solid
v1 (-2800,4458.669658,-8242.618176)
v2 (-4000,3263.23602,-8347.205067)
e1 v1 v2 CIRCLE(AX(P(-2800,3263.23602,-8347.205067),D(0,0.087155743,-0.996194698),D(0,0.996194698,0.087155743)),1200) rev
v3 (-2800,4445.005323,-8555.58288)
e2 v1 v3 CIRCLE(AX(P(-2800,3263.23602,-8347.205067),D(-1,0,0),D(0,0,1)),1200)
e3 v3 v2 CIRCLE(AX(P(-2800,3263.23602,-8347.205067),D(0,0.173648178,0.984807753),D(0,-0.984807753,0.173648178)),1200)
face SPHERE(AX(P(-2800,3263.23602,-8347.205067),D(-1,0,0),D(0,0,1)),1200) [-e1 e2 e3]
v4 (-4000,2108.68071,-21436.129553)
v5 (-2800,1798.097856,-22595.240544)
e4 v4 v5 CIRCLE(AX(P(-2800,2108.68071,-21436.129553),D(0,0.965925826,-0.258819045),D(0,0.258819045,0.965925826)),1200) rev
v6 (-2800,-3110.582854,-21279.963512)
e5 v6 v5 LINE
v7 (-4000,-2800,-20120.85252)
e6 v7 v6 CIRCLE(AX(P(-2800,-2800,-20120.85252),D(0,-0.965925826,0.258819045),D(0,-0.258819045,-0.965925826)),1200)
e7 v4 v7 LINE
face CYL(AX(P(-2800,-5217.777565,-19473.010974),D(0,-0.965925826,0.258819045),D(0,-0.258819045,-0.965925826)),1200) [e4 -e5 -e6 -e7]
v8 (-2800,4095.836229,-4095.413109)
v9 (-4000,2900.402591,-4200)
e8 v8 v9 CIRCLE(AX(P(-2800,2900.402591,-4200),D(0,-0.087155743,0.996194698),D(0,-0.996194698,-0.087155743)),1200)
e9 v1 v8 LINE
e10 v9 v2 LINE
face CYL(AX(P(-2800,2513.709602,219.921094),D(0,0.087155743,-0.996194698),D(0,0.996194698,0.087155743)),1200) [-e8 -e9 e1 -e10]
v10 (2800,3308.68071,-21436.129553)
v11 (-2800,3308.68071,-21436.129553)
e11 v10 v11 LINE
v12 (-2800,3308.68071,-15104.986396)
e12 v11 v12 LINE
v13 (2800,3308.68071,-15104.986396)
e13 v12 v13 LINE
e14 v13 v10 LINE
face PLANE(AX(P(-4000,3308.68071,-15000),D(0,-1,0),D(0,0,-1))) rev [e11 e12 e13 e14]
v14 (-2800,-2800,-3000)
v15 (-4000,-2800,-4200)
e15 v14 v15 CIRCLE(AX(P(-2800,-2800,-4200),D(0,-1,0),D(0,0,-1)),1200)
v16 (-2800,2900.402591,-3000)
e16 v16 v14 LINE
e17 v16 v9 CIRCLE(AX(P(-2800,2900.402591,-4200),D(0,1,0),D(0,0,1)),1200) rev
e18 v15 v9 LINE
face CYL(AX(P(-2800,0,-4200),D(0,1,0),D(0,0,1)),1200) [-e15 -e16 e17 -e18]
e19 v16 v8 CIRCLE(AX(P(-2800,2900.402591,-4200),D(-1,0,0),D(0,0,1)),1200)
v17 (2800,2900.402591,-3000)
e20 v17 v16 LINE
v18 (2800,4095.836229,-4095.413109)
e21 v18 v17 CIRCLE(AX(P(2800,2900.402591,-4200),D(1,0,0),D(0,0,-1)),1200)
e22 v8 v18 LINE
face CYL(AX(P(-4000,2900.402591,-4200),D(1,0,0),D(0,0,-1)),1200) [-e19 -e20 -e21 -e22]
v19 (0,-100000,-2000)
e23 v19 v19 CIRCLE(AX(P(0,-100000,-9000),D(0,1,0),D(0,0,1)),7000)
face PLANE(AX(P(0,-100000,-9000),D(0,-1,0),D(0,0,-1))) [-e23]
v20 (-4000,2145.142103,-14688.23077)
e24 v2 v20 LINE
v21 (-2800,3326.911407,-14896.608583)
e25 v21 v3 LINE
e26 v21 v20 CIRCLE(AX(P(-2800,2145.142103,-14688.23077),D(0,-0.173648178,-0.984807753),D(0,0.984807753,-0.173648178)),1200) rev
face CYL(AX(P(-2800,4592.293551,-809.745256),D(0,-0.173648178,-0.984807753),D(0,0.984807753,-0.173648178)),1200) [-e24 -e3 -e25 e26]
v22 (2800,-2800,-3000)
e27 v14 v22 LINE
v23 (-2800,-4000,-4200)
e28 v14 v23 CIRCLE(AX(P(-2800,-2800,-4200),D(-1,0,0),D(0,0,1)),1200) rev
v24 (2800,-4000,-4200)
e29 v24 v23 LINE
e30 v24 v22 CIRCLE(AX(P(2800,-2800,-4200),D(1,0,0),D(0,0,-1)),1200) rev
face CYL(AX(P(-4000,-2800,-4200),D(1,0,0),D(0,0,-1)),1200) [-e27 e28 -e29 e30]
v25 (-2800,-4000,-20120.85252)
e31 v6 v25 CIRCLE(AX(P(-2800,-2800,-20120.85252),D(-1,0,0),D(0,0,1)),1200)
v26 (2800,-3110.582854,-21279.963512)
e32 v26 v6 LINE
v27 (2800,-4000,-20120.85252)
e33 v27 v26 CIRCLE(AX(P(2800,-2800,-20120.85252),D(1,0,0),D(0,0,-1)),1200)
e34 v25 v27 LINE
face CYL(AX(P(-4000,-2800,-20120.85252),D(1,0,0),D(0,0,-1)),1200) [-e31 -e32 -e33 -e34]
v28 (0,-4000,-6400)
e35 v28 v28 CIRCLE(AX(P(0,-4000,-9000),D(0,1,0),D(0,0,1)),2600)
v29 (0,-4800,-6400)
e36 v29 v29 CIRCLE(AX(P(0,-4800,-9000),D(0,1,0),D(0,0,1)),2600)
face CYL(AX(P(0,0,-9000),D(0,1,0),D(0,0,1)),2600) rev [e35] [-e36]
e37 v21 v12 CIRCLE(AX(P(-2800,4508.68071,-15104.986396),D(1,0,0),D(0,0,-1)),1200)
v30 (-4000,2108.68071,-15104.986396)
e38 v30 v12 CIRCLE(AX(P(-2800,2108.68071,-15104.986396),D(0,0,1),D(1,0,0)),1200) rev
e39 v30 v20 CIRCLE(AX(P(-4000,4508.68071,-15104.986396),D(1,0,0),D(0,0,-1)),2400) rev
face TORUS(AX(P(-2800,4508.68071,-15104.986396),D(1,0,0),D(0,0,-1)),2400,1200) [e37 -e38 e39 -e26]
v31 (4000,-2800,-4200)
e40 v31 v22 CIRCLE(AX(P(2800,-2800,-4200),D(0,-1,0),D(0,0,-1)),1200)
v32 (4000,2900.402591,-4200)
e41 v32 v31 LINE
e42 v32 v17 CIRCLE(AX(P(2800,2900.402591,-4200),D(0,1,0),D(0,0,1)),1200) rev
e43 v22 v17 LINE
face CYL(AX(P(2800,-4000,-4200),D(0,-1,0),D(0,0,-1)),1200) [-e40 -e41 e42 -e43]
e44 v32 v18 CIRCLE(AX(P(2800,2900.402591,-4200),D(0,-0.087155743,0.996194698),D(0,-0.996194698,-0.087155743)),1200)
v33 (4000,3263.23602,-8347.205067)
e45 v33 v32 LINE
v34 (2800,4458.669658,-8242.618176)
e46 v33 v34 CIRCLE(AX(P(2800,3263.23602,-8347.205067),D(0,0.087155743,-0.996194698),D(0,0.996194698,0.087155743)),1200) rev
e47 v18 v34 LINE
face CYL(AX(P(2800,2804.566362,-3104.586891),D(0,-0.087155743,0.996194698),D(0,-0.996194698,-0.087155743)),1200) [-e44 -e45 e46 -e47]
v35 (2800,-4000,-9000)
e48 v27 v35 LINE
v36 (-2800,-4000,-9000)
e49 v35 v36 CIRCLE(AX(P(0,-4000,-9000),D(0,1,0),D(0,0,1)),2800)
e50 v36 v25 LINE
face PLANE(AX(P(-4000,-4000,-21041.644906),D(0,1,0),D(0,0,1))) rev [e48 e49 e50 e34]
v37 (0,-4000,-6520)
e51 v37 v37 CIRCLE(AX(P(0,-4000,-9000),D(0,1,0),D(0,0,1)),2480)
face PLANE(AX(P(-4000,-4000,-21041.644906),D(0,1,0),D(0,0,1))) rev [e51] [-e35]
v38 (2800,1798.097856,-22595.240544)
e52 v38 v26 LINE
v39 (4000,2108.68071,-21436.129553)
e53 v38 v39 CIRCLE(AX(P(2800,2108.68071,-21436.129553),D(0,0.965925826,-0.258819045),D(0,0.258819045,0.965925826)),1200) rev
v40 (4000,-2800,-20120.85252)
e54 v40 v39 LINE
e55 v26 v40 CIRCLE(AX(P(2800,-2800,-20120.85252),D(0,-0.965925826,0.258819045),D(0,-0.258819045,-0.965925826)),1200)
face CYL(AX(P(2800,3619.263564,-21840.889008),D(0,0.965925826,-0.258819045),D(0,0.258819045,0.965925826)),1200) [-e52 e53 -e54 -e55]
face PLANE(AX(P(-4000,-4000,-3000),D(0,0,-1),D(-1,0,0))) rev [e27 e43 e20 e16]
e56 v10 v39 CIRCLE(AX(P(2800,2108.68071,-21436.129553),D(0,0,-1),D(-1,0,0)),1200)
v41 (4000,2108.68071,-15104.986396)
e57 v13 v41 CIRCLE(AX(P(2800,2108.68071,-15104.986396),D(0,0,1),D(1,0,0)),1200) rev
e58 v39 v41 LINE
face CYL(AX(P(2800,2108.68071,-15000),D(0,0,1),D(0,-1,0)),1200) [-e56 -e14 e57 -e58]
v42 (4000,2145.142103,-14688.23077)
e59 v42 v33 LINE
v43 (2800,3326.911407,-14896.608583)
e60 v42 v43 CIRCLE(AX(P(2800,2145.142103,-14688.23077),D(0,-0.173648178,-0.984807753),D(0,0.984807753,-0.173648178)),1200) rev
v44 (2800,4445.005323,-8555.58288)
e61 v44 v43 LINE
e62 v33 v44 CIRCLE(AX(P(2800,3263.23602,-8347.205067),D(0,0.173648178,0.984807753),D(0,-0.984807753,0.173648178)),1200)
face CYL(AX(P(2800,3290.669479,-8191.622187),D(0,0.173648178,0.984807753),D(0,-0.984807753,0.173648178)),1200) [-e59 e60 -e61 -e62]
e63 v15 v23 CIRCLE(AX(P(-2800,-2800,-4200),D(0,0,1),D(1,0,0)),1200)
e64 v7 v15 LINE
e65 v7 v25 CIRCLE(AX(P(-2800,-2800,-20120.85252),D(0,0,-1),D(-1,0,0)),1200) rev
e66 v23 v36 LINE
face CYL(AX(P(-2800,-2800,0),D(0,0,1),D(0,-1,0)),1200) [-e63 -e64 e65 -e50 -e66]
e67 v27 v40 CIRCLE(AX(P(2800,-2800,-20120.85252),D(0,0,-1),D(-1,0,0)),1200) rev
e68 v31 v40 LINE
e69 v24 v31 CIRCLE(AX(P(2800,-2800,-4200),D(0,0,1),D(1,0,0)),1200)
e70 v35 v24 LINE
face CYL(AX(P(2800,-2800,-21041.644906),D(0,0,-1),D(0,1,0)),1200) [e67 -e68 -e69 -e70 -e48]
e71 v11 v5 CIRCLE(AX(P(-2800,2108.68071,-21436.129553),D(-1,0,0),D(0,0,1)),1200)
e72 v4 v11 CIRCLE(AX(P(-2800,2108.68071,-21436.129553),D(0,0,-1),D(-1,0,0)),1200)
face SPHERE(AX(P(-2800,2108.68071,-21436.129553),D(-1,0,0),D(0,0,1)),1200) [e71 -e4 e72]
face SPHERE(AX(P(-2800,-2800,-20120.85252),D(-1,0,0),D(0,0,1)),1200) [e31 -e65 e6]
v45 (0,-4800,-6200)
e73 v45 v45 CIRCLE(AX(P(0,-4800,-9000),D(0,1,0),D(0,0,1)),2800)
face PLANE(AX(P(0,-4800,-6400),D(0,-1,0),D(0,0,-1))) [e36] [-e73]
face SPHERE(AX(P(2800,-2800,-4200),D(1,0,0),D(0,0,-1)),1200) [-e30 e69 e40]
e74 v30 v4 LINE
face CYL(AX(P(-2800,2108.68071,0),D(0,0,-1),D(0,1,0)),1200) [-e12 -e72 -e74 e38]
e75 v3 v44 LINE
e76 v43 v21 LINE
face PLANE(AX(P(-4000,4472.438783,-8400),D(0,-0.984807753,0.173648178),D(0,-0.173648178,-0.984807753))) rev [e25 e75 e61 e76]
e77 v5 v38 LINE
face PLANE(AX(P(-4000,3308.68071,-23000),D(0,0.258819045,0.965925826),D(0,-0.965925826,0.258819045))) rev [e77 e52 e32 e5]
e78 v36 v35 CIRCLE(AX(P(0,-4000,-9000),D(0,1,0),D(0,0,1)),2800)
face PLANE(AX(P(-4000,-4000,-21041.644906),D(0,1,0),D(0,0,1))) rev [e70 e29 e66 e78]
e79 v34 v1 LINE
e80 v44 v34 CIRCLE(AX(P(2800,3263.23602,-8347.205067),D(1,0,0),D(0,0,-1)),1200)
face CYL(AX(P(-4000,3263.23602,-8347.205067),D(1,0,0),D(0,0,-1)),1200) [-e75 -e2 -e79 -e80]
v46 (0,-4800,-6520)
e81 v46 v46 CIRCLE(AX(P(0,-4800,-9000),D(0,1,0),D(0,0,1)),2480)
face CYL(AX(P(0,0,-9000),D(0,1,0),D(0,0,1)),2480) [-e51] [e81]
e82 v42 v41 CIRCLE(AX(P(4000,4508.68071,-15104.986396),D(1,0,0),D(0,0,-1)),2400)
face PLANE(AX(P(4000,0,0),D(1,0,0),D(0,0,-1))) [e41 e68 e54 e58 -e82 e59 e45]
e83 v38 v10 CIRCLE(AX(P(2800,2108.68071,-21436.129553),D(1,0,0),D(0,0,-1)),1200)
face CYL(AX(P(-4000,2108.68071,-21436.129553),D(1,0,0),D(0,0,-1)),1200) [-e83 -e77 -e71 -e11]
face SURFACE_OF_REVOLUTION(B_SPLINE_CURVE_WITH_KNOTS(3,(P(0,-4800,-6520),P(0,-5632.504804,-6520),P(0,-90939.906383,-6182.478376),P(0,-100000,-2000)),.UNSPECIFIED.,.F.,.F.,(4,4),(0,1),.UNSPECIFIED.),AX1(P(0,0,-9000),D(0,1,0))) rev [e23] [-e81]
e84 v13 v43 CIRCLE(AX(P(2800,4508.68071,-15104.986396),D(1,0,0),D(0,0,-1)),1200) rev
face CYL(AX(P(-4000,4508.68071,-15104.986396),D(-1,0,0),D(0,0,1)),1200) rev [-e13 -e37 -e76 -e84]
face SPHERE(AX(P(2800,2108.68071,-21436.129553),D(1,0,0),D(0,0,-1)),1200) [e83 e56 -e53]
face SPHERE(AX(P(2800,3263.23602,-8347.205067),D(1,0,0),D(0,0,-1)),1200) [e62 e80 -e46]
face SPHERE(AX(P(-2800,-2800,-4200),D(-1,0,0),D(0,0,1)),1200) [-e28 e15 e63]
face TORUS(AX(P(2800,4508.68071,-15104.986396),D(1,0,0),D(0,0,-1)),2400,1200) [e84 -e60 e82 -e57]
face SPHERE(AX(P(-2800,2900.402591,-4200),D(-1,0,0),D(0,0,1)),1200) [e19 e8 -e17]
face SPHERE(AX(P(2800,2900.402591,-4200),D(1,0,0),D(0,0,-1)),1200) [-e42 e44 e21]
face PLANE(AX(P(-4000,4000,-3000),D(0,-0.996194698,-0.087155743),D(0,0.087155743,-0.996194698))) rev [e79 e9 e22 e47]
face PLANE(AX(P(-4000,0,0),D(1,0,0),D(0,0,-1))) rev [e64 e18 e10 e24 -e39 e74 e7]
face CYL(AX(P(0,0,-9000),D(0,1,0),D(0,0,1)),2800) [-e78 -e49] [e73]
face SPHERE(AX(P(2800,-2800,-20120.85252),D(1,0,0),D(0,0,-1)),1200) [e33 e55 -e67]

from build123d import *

# Parameters (mm, degrees)
AUFSATZ_LINEAR_AUSTRAGEN1_DEPTH      = 4000
AUFSATZ_LINEAR_AUSTRAGEN1_DEPTH_BACK = 4000
VERRUNDUNG1_R                        = 1200


with BuildPart() as part:
    # Skizze2 → Aufsatz-Linear austragen1 (new, two sides: drawn at the far end of the back side and taken through both)
    with BuildSketch(Plane(origin=(0, 0, 0), x_dir=(0, 0, -1), z_dir=(1, 0, 0)).offset(-AUFSATZ_LINEAR_AUSTRAGEN1_DEPTH_BACK)):
        Polygon((3000, -4000), (3000, 4000), (8400, 4472.43878304), (15000, 3308.680710364), (23000, 3308.680710364), (21041.644905921, -4000), align=None)
    extrude(amount=AUFSATZ_LINEAR_AUSTRAGEN1_DEPTH + AUFSATZ_LINEAR_AUSTRAGEN1_DEPTH_BACK)

    # Verrundung1
    verrundung1_edges = [part.edges().sort_by_distance(p)[0] for p in [
        (0, 4000, -3000),
        (0, -4000, -3000),
        (0, -4000, -21041.644905921),
        (0, 3308.680710364, -23000),
        (0, 3308.680710364, -15000),
        (0, 4472.43878304, -8400),
        (-4000, 3308.680710364, -19000),
        (4000, 4236.21939152, -5700),
        (4000, 0, -3000),
        (4000, -4000, -12020.82245296),
        (-4000, -345.659644818, -22020.82245296),
        (4000, -345.659644818, -22020.82245296),
        (4000, 3308.680710364, -19000),
        (4000, 3890.559746702, -11700),
        (-4000, -4000, -12020.82245296),
        (-4000, 0, -3000),
        (-4000, 4236.21939152, -5700),
        (-4000, 3890.559746702, -11700),
    ]]
    fillet(verrundung1_edges, radius=VERRUNDUNG1_R)

    # Skizze3 → Rotation1 (revolve)
    with BuildSketch(Plane(origin=(0, 0, 0), x_dir=(0, 0, -1), z_dir=(1, 0, 0))):
        with BuildLine():
            Line((6200, -2800), (9000, -2800))
            Line((9000, -2800), (9000, -100000))
            Line((9000, -100000), (2000, -100000))
            add(Edge.make_bspline(
                [(6520, -4800), (6520, -5632.504803687), (6182.478376426, -90939.906382547), (2000, -100000)],
                knots=[0, 0, 0, 0, 1, 1, 1, 1], degree=3))
            Line((6520, -4800), (6520, -4000))
            Line((6520, -4000), (6400, -4000))
            Line((6400, -4000), (6400, -4800))
            Line((6400, -4800), (6200, -4800))
            Line((6200, -4800), (6200, -2800))
        make_face()
    revolve(axis=Axis((0, 0, -9000), (0, -1, 0)))


solid = part.part
